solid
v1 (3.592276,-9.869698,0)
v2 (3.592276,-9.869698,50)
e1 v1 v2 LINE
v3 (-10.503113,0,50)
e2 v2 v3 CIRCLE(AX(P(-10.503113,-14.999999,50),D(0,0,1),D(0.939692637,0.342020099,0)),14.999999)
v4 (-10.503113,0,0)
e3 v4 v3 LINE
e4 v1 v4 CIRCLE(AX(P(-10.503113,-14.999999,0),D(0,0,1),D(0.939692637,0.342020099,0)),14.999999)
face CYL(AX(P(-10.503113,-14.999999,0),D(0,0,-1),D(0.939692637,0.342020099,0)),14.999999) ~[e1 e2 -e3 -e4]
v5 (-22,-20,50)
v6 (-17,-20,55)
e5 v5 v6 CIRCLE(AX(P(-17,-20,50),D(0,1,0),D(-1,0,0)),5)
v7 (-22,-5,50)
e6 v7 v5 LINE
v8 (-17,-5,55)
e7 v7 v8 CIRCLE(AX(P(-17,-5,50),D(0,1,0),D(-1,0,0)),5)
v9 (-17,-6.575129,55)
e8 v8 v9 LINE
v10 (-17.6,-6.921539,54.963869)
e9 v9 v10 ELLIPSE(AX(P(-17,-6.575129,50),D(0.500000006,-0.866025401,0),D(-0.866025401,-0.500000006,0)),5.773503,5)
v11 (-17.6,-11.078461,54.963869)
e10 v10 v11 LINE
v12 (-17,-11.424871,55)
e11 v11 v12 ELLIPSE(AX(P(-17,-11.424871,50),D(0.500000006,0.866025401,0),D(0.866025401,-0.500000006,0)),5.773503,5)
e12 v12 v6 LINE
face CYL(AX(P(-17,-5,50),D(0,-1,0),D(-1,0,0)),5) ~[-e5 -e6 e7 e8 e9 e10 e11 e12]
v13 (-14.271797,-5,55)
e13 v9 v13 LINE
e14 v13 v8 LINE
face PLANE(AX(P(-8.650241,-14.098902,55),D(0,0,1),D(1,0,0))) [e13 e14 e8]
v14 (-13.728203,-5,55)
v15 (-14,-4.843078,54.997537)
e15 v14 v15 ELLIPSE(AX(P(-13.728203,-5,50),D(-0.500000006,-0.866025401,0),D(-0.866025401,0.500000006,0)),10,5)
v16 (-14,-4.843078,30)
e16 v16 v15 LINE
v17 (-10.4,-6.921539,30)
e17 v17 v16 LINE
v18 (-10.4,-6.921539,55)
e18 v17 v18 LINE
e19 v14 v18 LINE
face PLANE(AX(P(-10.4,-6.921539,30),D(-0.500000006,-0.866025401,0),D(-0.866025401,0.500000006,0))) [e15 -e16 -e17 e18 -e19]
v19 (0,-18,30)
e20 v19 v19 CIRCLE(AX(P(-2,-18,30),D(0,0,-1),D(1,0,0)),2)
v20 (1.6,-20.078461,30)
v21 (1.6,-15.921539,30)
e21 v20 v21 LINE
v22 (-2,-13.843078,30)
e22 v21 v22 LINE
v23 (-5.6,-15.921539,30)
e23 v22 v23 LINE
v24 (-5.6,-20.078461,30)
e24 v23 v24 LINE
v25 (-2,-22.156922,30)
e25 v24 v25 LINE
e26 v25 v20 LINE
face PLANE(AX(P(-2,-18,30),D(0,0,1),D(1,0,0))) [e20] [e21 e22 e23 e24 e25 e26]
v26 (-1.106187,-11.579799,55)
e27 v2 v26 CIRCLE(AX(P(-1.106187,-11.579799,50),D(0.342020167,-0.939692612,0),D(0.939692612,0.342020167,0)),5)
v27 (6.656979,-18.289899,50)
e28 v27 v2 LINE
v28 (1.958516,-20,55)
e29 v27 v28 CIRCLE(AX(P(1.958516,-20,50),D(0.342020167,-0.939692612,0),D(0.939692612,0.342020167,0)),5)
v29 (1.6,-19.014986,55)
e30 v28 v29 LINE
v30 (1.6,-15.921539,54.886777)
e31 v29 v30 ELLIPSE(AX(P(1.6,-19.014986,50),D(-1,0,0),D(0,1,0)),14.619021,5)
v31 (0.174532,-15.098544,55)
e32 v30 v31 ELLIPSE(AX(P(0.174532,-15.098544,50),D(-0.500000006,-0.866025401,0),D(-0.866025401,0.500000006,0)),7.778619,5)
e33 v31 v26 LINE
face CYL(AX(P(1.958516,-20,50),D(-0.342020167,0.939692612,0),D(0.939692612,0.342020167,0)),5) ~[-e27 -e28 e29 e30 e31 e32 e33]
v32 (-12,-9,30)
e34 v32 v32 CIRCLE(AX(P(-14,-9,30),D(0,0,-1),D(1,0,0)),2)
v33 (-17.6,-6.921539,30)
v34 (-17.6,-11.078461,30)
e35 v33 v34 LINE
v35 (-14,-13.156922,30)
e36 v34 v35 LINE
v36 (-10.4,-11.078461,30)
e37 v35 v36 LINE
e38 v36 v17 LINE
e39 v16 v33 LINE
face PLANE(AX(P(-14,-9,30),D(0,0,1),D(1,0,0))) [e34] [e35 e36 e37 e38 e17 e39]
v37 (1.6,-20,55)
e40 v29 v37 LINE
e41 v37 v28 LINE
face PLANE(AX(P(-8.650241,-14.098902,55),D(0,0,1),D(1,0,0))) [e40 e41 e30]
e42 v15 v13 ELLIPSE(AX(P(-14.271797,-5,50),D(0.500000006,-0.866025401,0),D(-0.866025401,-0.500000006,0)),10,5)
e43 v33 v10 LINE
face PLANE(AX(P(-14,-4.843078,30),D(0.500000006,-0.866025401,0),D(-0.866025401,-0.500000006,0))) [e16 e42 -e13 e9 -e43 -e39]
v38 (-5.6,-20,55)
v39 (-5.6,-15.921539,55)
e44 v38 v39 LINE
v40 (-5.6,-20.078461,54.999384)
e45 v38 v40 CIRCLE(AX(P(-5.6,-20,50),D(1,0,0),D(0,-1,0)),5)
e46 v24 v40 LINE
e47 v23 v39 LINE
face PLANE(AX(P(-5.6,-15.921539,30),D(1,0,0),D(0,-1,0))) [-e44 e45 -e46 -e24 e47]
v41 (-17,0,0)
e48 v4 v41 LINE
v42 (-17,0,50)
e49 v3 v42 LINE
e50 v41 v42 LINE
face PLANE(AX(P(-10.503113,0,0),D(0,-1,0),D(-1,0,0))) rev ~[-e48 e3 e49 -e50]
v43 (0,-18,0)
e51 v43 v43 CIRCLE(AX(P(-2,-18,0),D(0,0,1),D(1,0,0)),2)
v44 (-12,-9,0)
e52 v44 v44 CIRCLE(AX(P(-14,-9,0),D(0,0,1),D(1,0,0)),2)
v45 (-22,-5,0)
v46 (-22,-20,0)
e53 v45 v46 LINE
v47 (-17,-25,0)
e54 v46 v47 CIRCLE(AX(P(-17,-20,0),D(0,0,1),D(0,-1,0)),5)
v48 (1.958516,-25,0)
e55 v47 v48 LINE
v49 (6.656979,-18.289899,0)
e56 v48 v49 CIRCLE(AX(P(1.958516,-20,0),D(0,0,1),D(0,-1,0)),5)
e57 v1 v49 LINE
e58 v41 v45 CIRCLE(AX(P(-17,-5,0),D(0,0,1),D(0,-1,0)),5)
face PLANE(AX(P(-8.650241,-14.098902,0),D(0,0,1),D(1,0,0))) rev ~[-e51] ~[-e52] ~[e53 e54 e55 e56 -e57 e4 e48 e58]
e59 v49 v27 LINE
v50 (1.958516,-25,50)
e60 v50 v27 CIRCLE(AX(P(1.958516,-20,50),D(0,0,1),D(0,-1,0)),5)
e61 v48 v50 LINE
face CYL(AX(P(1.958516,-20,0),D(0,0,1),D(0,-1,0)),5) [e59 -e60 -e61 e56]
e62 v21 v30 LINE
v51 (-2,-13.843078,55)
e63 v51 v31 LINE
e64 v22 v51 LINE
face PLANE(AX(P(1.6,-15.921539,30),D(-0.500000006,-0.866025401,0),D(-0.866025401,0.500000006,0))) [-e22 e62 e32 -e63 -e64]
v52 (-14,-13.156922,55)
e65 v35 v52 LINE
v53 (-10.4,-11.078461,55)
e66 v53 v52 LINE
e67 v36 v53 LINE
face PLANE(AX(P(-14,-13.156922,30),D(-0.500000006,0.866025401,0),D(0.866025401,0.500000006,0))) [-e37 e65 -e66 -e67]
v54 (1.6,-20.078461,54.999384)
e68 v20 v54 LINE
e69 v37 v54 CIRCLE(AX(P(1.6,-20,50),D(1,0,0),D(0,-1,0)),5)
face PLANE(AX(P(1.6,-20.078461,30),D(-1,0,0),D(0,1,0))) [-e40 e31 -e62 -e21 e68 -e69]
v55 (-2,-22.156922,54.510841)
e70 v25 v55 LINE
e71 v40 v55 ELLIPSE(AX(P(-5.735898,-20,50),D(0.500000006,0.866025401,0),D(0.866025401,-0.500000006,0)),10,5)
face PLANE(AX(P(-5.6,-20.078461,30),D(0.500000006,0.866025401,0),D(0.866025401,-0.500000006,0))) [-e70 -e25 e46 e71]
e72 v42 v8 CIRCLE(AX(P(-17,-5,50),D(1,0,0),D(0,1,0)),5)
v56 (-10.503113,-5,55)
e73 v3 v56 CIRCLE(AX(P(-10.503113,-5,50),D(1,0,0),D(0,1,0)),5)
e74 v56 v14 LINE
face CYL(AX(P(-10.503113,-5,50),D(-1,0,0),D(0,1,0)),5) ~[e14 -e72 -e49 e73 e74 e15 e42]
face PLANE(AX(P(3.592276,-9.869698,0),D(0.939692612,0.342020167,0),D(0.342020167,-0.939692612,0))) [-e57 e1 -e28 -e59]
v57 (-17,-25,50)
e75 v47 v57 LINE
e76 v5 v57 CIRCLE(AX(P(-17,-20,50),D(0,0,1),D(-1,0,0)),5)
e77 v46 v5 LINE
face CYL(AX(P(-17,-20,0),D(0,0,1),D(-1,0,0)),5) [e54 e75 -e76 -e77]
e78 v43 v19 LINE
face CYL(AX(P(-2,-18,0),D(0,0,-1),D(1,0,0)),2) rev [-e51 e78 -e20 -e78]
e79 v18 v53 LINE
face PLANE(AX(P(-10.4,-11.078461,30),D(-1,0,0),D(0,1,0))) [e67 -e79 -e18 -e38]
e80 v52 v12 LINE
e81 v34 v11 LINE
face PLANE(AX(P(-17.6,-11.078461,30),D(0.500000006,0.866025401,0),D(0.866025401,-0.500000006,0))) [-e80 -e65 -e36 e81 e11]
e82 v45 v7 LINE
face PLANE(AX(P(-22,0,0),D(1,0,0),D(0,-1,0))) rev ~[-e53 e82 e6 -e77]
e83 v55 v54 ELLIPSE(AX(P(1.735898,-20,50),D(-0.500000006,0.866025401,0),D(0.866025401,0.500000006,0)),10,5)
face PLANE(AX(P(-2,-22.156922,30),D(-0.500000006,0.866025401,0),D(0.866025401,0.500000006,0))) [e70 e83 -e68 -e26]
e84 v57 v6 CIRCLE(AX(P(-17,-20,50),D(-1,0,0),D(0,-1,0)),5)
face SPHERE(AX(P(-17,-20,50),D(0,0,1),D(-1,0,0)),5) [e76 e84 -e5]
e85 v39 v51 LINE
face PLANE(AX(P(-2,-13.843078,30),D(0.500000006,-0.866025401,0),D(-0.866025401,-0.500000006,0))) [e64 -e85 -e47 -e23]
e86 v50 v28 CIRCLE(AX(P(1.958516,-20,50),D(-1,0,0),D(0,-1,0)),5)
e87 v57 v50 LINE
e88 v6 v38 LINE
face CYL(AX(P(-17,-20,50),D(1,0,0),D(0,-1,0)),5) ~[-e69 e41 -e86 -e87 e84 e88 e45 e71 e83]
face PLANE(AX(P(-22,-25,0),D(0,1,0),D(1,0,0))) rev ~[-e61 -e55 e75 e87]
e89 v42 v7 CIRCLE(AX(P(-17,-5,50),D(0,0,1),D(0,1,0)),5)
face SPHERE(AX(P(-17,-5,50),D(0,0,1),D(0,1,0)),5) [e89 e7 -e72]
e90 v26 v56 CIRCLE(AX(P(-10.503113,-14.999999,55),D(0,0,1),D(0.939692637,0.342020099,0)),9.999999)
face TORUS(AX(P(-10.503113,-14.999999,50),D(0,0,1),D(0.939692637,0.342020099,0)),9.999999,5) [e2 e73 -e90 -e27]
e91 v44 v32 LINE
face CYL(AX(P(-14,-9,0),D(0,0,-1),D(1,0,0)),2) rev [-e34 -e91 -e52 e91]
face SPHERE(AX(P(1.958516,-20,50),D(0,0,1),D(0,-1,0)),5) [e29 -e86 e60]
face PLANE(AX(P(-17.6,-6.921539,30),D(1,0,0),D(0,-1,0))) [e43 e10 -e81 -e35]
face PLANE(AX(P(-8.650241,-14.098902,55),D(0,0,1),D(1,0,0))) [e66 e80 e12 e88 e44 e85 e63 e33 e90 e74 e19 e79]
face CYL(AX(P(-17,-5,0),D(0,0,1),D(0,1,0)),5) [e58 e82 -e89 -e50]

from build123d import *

# Parameters (mm, degrees)
PAD_DEPTH     = 55
FILLET_R      = 5
FILLET001_R   = 5
SKETCH004_R   = 2
HOLE001_DEPTH = 55.001
POCKET_START  = 30
POCKET_DEPTH  = 70


with BuildPart() as part:
    # Sketch → Pad (new body)
    with BuildSketch(Plane.XY):
        with BuildLine():
            Line((-10.503113, 0), (-22, 0))
            Line((-22, 0), (-22, -25))
            Line((-22, -25), (9.099256, -25))
            Line((3.592276, -9.869698), (9.099256, -25))
            ThreePointArc((3.592276, -9.869698), (-1.899467, -2.712719), (-10.503113, 0))
        make_face()
    extrude(amount=PAD_DEPTH)

    # Fillet
    fillet_edges = [part.edges().sort_by_distance(p)[0] for p in [
        (9.099256, -25, 27.5),
        (-22, -25, 27.5),
        (-22, 0, 27.5),
    ]]
    fillet(fillet_edges, radius=FILLET_R)

    # Fillet001
    fillet001_edges = [part.edges().sort_by_distance(p)[0] for p in [
        (-13.751557, 0, 55),
        (-20.535534, -1.464466, 55),
        (-1.899467, -2.712719, 55),
        (-22, -12.5, 55),
        (5.124628, -14.079799, 55),
        (-20.535534, -23.535534, 55),
        (6.054276, -22.867882, 55),
        (-7.520742, -25, 55),
    ]]
    fillet(fillet001_edges, radius=FILLET001_R)

    # Sketch004 → Hole001 (cut, through all)
    with BuildSketch(Plane.XY):
        with Locations((-2, -18)):
            Circle(SKETCH004_R)
        with Locations((-14, -9)):
            Circle(SKETCH004_R)
    extrude(amount=HOLE001_DEPTH, mode=Mode.SUBTRACT)

    # Sketch005 → Pocket (cut)
    with BuildSketch(Plane.XY.offset(POCKET_START)):
        Polygon((1.6, -15.921539), (-2, -13.843078), (-5.6, -15.921539), (-5.6, -20.078461), (-2, -22.156922), (1.6, -20.078461), align=None)
        Polygon((-10.4, -6.921539), (-14, -4.843078), (-17.6, -6.921539), (-17.6, -11.078461), (-14, -13.156922), (-10.4, -11.078461), align=None)
    extrude(amount=POCKET_DEPTH, mode=Mode.SUBTRACT)


solid = part.part
